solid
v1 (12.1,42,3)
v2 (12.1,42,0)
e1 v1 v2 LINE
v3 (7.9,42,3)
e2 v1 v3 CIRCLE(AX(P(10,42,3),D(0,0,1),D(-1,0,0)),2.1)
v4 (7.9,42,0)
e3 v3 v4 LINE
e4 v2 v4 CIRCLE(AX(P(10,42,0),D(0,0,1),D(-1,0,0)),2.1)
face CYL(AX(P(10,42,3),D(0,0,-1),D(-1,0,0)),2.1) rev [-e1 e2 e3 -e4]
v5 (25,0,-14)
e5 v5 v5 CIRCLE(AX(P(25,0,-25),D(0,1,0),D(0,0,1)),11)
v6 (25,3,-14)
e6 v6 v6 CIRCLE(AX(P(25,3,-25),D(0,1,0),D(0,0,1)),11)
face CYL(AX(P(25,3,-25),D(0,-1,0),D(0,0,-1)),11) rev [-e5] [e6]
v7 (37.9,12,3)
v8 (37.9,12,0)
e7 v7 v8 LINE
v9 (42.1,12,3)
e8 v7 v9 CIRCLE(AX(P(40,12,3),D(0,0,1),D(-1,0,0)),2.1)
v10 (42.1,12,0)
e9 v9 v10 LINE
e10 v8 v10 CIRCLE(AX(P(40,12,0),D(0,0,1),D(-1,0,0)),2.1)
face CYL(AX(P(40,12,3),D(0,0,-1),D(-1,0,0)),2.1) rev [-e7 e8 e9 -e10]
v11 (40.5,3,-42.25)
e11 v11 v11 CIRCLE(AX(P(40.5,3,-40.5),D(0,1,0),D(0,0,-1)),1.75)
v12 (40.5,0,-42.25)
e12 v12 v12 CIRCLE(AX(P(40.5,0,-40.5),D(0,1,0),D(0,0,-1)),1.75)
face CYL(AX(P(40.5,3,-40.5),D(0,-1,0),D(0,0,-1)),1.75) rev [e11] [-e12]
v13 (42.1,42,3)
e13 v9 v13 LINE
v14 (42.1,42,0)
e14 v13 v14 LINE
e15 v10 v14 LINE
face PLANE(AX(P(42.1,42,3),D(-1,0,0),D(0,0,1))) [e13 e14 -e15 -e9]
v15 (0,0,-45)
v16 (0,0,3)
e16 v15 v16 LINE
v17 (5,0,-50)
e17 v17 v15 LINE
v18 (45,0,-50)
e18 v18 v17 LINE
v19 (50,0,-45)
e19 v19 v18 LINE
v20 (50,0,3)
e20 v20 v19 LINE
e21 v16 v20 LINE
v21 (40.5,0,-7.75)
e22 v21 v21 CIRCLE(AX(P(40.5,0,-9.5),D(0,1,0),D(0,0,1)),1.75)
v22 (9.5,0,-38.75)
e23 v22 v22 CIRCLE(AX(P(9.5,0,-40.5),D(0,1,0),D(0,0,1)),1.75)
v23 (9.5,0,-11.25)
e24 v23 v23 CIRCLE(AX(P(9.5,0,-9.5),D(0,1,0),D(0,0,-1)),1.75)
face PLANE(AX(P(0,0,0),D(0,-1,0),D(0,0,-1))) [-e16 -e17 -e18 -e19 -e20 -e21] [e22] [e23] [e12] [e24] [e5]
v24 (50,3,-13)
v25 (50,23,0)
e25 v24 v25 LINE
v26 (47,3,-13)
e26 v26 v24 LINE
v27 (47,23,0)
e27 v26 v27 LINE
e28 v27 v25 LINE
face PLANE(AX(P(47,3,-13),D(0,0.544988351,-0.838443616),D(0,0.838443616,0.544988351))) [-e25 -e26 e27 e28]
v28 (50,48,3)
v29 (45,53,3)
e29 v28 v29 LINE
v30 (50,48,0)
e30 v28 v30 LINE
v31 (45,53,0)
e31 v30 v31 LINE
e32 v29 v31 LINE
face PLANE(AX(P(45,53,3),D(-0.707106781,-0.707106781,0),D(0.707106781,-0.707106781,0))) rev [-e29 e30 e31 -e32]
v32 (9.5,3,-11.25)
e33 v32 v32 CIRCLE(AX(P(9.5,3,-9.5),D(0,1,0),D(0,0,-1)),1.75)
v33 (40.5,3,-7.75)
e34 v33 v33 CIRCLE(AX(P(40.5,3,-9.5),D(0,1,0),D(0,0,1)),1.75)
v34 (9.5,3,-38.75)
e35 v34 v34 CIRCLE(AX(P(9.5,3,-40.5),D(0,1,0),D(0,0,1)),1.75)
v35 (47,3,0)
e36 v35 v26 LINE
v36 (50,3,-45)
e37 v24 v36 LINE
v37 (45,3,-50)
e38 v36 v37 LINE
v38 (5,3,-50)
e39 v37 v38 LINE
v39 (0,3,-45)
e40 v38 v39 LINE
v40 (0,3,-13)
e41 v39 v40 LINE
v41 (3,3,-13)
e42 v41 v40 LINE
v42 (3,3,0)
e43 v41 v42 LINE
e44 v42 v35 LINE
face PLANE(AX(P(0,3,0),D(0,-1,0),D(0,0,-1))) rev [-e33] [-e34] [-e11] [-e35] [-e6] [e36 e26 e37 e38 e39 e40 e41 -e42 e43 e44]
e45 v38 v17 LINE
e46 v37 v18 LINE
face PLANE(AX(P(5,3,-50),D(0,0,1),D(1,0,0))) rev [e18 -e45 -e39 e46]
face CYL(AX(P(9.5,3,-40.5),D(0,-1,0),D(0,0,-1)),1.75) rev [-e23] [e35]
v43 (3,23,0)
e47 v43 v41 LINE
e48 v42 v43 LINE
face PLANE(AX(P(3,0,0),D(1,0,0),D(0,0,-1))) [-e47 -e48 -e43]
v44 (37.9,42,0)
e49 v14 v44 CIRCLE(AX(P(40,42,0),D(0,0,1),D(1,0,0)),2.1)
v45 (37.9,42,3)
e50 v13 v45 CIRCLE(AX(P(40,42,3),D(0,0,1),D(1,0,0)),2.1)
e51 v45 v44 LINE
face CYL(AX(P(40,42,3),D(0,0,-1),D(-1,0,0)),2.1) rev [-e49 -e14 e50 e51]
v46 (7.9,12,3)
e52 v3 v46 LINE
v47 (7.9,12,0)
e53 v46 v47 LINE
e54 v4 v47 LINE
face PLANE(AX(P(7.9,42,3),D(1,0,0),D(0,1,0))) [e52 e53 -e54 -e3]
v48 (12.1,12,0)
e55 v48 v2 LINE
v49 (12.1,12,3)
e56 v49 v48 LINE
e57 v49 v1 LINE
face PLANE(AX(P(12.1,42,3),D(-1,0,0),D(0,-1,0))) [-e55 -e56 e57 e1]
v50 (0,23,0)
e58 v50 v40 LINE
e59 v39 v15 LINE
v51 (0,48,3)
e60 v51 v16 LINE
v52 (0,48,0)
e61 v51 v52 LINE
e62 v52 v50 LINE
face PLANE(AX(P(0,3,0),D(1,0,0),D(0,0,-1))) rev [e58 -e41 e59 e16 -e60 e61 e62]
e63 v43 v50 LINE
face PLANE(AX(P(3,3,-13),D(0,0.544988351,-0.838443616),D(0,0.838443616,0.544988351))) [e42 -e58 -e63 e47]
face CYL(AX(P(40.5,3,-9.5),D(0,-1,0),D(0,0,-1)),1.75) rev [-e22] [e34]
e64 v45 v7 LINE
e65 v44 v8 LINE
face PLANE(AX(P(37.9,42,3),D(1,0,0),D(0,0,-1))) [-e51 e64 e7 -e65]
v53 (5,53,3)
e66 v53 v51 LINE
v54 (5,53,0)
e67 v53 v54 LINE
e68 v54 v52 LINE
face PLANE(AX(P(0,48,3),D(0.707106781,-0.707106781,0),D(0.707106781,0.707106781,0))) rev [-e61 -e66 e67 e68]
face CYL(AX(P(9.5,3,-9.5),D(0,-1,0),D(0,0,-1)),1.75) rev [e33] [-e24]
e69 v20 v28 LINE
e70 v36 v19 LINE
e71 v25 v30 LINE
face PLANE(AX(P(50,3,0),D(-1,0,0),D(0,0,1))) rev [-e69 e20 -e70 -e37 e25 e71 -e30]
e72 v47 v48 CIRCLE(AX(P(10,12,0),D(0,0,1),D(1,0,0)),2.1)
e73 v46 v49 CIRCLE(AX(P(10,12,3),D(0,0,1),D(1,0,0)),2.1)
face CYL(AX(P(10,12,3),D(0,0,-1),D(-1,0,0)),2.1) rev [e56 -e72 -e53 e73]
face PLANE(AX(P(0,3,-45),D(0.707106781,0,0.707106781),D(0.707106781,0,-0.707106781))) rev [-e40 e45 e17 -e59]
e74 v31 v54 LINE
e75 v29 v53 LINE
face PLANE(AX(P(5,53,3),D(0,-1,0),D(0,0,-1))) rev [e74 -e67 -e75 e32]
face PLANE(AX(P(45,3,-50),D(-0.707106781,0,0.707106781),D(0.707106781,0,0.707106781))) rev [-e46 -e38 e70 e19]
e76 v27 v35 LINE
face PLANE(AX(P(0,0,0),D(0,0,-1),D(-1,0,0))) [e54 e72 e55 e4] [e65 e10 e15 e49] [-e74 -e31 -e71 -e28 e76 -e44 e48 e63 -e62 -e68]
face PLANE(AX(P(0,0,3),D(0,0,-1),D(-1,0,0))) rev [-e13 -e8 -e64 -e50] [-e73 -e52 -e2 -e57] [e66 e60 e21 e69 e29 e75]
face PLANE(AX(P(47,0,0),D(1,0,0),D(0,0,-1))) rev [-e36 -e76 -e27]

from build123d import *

# Parameters (mm, degrees)
SKETCH_1_R      = 11
SKETCH_1_R_2    = 1.75
EXTRUDE_1_DEPTH = 3
EXTRUDE_2_DEPTH = 3
EXTRUDE_3_DEPTH = 3
EXTRUDE_4_DEPTH = 3


with BuildPart() as part:
    # 草图1 → 凸台-拉伸1 (new body)
    with BuildSketch(Plane(origin=(0, 0, 0), x_dir=(1, 0, 0), z_dir=(0, 1, 0))):
        Polygon((0, 0), (50, 0), (50, 45), (45, 50), (5, 50), (0, 45), align=None)
        with Locations(Location((25, 25, 0), (0, 0, 270))):
            Circle(SKETCH_1_R, mode=Mode.SUBTRACT)
        with Locations(Location((9.5, 40.5, 0), (0, 0, 270))):
            Circle(SKETCH_1_R_2, mode=Mode.SUBTRACT)
        with Locations(Location((40.5, 40.5, 0), (0, 0, 90))):
            Circle(SKETCH_1_R_2, mode=Mode.SUBTRACT)
        with Locations(Location((40.5, 9.5, 0), (0, 0, 270))):
            Circle(SKETCH_1_R_2, mode=Mode.SUBTRACT)
        with Locations(Location((9.5, 9.5, 0), (0, 0, 90))):
            Circle(SKETCH_1_R_2, mode=Mode.SUBTRACT)
    extrude(amount=EXTRUDE_1_DEPTH)

    # 草图2 → 凸台-拉伸2 (add)
    with BuildSketch(Plane.XY):
        Polygon((0, 0), (50, 0), (50, 48), (45, 53), (5, 53), (0, 48), align=None)
        with BuildLine():
            Line((7.9, 42), (7.9, 12))
            ThreePointArc((7.9, 12), (10, 9.9), (12.1, 12))
            Line((12.1, 12), (12.1, 42))
            ThreePointArc((12.1, 42), (10, 44.1), (7.9, 42))
        make_face(mode=Mode.SUBTRACT)
        with BuildLine():
            Line((37.9, 42), (37.9, 12))
            ThreePointArc((37.9, 12), (40, 9.9), (42.1, 12))
            Line((42.1, 12), (42.1, 42))
            ThreePointArc((42.1, 42), (40, 44.1), (37.9, 42))
        make_face(mode=Mode.SUBTRACT)
    extrude(amount=EXTRUDE_2_DEPTH)

    # 草图3 → 凸台-拉伸3 (add)
    with BuildSketch(Plane.ZY):
        Polygon((0, 3), (-13, 3), (0, 23), align=None)
    extrude(amount=-EXTRUDE_3_DEPTH)

    # 草图4 → 凸台-拉伸4 (add)
    with BuildSketch(Plane(origin=(50, 0, 0), x_dir=(0, 0, -1), z_dir=(1, 0, 0))):
        Polygon((0, 3), (13, 3), (0, 23), align=None)
    extrude(amount=-EXTRUDE_4_DEPTH)


solid = part.part
